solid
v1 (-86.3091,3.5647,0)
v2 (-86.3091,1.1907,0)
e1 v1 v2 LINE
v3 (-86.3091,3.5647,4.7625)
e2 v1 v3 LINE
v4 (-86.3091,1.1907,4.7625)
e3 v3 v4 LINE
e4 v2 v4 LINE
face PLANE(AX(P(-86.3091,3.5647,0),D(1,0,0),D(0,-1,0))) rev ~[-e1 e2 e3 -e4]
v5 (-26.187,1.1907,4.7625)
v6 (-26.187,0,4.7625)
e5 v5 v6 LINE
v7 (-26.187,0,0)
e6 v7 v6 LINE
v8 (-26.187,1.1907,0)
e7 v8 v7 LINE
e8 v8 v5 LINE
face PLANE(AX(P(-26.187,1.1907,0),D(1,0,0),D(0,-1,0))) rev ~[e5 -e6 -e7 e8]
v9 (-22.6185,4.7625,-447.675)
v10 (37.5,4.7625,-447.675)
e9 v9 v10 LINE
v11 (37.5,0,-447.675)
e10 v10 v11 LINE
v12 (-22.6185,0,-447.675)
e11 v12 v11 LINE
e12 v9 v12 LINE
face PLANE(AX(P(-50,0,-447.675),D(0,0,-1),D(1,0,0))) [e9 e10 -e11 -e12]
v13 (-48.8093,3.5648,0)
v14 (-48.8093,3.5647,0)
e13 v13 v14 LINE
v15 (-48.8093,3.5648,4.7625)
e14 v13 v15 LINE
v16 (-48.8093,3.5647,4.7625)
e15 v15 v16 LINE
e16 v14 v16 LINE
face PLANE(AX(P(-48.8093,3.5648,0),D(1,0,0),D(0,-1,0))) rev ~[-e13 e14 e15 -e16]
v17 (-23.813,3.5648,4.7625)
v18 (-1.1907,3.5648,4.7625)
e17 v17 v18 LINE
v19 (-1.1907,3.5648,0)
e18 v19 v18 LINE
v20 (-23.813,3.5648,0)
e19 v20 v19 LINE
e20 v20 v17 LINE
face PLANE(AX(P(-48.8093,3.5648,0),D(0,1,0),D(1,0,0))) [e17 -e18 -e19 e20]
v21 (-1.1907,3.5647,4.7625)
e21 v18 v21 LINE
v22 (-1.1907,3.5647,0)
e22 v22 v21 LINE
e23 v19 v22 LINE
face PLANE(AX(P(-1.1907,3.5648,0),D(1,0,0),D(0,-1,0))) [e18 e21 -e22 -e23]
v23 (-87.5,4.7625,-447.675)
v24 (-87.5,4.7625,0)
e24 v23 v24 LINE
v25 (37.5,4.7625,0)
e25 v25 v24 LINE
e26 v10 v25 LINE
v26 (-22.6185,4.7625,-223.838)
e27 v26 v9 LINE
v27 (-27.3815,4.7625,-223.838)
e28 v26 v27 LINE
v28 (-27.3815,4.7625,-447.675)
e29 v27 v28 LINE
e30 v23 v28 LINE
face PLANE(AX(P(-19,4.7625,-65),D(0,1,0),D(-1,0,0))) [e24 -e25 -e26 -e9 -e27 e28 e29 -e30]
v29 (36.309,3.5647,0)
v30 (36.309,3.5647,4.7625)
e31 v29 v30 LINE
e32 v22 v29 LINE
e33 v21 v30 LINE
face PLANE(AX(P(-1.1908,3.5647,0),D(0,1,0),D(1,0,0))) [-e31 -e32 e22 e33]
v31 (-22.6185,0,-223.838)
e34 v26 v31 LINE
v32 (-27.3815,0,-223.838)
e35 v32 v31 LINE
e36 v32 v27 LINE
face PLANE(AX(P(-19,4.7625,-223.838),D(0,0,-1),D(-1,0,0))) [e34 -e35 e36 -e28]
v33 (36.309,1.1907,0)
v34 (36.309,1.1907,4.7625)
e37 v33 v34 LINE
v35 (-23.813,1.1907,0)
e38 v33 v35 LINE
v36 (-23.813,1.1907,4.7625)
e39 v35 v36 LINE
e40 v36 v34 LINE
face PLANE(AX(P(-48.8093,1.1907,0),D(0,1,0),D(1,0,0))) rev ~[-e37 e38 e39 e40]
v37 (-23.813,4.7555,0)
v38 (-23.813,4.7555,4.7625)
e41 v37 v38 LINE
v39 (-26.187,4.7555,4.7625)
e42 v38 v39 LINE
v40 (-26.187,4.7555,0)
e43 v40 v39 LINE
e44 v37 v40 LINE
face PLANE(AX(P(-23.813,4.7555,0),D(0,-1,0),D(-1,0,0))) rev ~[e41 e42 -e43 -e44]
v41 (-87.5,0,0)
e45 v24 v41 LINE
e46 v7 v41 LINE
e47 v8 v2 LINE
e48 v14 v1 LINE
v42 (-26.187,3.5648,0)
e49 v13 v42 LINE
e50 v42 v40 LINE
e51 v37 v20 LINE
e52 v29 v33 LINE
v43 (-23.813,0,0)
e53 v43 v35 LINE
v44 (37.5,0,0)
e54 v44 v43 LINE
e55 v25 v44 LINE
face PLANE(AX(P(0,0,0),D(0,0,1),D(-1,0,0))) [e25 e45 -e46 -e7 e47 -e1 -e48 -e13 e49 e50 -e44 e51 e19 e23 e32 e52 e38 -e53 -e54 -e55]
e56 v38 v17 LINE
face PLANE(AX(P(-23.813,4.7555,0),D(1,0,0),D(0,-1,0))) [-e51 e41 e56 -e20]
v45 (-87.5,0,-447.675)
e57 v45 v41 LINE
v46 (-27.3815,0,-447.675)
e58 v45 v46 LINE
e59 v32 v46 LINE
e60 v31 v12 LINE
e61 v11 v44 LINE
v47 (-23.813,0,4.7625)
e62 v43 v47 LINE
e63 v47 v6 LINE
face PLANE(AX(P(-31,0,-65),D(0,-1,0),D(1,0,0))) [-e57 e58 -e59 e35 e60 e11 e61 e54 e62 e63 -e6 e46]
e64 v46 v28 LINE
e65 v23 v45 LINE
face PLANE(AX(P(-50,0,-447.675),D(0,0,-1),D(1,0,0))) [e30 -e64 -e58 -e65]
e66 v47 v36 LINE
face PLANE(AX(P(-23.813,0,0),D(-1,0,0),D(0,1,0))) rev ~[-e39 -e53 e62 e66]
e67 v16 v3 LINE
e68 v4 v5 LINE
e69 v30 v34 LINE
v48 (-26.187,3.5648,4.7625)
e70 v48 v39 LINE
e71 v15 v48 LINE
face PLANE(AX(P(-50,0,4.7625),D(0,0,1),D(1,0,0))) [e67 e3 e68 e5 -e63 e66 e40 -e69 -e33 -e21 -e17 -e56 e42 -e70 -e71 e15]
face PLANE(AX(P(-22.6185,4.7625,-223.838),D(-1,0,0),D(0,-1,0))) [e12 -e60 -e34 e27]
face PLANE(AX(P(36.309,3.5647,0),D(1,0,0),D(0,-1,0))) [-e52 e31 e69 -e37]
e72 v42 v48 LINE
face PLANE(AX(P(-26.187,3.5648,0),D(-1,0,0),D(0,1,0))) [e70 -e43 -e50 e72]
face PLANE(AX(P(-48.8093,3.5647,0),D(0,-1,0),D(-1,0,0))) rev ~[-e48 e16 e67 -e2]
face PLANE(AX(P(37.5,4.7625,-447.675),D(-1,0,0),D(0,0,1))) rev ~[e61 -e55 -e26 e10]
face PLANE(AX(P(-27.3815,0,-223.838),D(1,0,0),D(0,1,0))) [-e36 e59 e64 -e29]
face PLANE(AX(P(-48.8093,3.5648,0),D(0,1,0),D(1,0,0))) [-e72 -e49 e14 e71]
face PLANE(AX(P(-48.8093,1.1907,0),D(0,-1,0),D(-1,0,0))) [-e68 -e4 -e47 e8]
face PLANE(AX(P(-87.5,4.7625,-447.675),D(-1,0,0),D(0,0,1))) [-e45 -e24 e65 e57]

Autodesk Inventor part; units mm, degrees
ref_plane "YZ Plane" through (0, 0, 0) normal (1, 0, 0) x (0, 1, 0)
ref_plane "XZ Plane" through (0, 0, 0) normal (0, 1, 0) x (-1, 0, 0)
ref_plane "XY Plane" through (0, 0, 0) normal (0, 0, 1) x (1, 0, 0)
sketch "Sketch1" plane through (0, 0, 0) normal (0, 1, 0) x (-1, 0, 0)
  line L0 (0, 0) -> (50, 0)
  line L1 (50, 0) -> (50, -447.675)
  line L2 (50, -447.675) -> (0, -447.675)
  line L3 (0, -447.675) -> (0, 0)
  dimension "d0" = 50
  dimension "d1" = 447.675
extrude "Extrusion1" add sketch "Sketch1" along normal blind 4.7625
sketch "Sketch2" plane through (-50, 0, 0) normal (0, 0, 1) x (1, 0, 0)
  line L0 (1.1907, 3.5648) -> (1.1907, 1.1907)
  line L1 (50, 0) -> (0, 0) projected
  line L2 (50, 4.7625) -> (0, 4.7625) projected
  line L3 (1.1907, 1.1907) -> (48.8093, 1.1907)
  line L4 (1.1907, 3.5648) -> (48.8093, 3.5648)
  line L5 (48.8093, 3.5648) -> (48.8093, 1.1907)
  line L6 (50, 0) -> (50, 4.7625) projected
extrude "Extrusion2" add sketch "Sketch2" along normal blind 4.7625
sketch "Sketch3" plane through (0, 4.7625, 0) normal (0, 1, 0) x (1, 0, 0)
  line L0 (0, 0) -> (-25, 0)
  line L1 (-1.1907, 0) -> (-48.8093, 0) projected
  line L2 (-25, 65) -> (-19, 65)
  line L3 (-19, 65) -> (-25, 65)
  line L4 (-25, 65) -> (-31, 65)
  line L5 (-31, 65) -> (-31, 447.675)
  line L6 (0, 447.675) -> (-50, 447.675) projected
  line L7 (-19, 65) -> (-19, 447.675)
  line L8 (-19, 447.675) -> (-31, 447.675)
  dimension "d11" = 25
  dimension "d13" = 6
  dimension "d14" = 6
extrude "Extrusion3" cut sketch "Sketch3" against normal blind 10
sketch "Sketch4" plane through (-19, 4.7625, -65) normal (0, 0, -1) x (-1, 0, 0)
  line L0 (12, -4.7625) -> (0, -4.7625) projected
  line L1 (12, 0) -> (12, -4.7625) projected
  line L2 (0, 0) -> (12, 0) projected
  line L3 (0, 0) -> (0, -4.7625) projected
  point P0 (-19, -4.7625)
extrude "Extrusion4" add sketch "Sketch4" along normal blind 158.838
sketch "Sketch7" plane through (-19, 4.7625, -223.838) normal (0, 0, -1) x (-1, 0, 0)
  line L0 (0, -4.7625) -> (0, 0) projected
  line L1 (3.6185, 0) -> (3.6185, -4.7625)
  line L2 (3.6185, -4.7625) -> (8.3815, -4.7625)
  line L3 (8.3815, -4.7625) -> (8.3815, 0)
  line L4 (3.6185, 0) -> (8.3815, 0)
  line L5 (12, 0) -> (0, 0) projected
  line L6 (0, 0) -> (3.6185, 0)
  line L7 (0, -4.7625) -> (12, -4.7625) projected
  line L8 (3.6185, -4.7625) -> (0, -4.7625)
  line L9 (0, -4.7625) -> (0, 0)
  line L10 (8.3815, 0) -> (12, 0)
  line L11 (12, 0) -> (12, -4.7625) projected
  line L12 (12, 0) -> (12, -4.7625)
  line L13 (12, -4.7625) -> (8.3815, -4.7625)
  point P0 (-19, -4.7625)
  dimension "d20" = 4.763
extrude "Extrusion5" add sketch "Sketch7" along normal blind 223.837 contours L0 L5 L1 L7 | L3 L5 L11 L7
sketch "Sketch8" plane through (-50, 0, 0) normal (0, 0, 1) x (1, 0, 0)
  line L0 (26.187, 0) -> (26.187, 1.1907)
  line L1 (26.187, 1.1907) -> (23.813, 1.1907)
  line L2 (23.813, 1.1907) -> (23.813, 0)
  line L3 (26.187, 0) -> (23.813, 0)
  line L4 (23.813, 1.1907) -> (26.187, 1.1907)
  line L5 (1.1907, 1.1907) -> (1.1907, 3.5648) projected
  line L6 (1.1907, 2.3778) -> (48.8093, 2.3778)
  line L7 (48.8093, 1.1907) -> (1.1907, 1.1907) projected
  line L8 (26.187, 4.7555) -> (26.187, 3.5648)
  line L9 (26.187, 3.5648) -> (23.813, 3.5648)
  line L10 (23.813, 3.5648) -> (23.813, 4.7555)
  line L11 (26.187, 4.7555) -> (23.813, 4.7555)
  point P0 (0, 0)
  dimension "d25" = 2.374
extrude "Extrusion6" add sketch "Sketch8" along normal up to surface (4.7625 mm away)
sketch "Sketch9" plane through (0, 4.7625, 0) normal (0, 1, 0) x (1, 0, 0)
  line L0 (0, 0) -> (25, 0)
  line L1 (0, 447.675) -> (-22.6185, 447.675) projected
  line L2 (0, 447.675) -> (25, 447.675)
  line L3 (25, 447.675) -> (25, 0)
  line L4 (0, 0) -> (0, 447.675) projected
  line L5 (0, 0) -> (0, 447.675)
  line L6 (-50, 0) -> (0, 0) projected
  line L7 (-50, 0) -> (-75, 0)
  line L8 (-50, 447.675) -> (-75, 447.675)
  line L9 (-75, 447.675) -> (-75, 0)
  line L10 (-50, 0) -> (-50, 447.675)
  dimension "d28" = 25
extrude "Extrusion7" add sketch "Sketch9" against normal up to surface (4.7625 mm away)
sketch "Sketch10" plane through (0, 4.7625, 0) normal (0, 1, 0) x (1, 0, 0)
  line L0 (25, 0) -> (25, 447.675) projected
  line L1 (25, 0) -> (37.5, 0)
  line L2 (25, 447.675) -> (37.5, 447.675)
  line L3 (37.5, 447.675) -> (37.5, 0)
  line L4 (-75, 0) -> (25, 0) projected
  line L5 (25, 447.675) -> (-22.6185, 447.675) projected
  line L6 (25, 447.675) -> (25, 0)
  line L7 (-75, 0) -> (-75, 447.675)
  line L8 (-75, 0) -> (-87.5, 0)
  line L9 (-75, 447.675) -> (-87.5, 447.675)
  line L10 (-87.5, 447.675) -> (-87.5, 0)
  point P0 (0, 0)
  dimension "d31" = 12.5
extrude "Extrusion8" add sketch "Sketch10" against normal up to surface (4.7625 mm away)
sketch "Sketch11" plane through (-48.8093, 1.1907, 0) normal (0, 0, 1) x (1, 0, 0)
  line L0 (47.6185, 0) -> (24.9963, 0) projected
  line L1 (47.6185, 0) -> (85.1183, 0)
  line L2 (24.9963, 2.374) -> (47.6185, 2.374) projected
  line L3 (47.6185, 2.374) -> (85.1183, 2.374)
  line L4 (85.1183, 2.374) -> (85.1183, 0)
  line L5 (24.9963, -1.1907) -> (22.6223, -1.1907) projected
  line L6 (23.8093, -1.1907) -> (23.8093, 3.5648)
  line L7 (22.6223, 3.5648) -> (24.9963, 3.5648) projected
  line L8 (47.6185, 2.374) -> (47.6185, 0) projected
  line L9 (47.6185, 2.374) -> (47.6185, 0)
  line L10 (0, 0) -> (-37.4998, 0)
  line L11 (0, 2.374) -> (-37.4998, 2.374)
  line L12 (-37.4998, 2.374) -> (-37.4998, 0)
  line L13 (0, 2.374) -> (0, 0)
  point P0 (48.8093, -1.1907)
extrude "Extrusion9" add sketch "Sketch11" along normal up to surface (4.7625 mm away)
properties part number "Sustainable Chair_V1 - Leg" material "Foam Board - V3"
